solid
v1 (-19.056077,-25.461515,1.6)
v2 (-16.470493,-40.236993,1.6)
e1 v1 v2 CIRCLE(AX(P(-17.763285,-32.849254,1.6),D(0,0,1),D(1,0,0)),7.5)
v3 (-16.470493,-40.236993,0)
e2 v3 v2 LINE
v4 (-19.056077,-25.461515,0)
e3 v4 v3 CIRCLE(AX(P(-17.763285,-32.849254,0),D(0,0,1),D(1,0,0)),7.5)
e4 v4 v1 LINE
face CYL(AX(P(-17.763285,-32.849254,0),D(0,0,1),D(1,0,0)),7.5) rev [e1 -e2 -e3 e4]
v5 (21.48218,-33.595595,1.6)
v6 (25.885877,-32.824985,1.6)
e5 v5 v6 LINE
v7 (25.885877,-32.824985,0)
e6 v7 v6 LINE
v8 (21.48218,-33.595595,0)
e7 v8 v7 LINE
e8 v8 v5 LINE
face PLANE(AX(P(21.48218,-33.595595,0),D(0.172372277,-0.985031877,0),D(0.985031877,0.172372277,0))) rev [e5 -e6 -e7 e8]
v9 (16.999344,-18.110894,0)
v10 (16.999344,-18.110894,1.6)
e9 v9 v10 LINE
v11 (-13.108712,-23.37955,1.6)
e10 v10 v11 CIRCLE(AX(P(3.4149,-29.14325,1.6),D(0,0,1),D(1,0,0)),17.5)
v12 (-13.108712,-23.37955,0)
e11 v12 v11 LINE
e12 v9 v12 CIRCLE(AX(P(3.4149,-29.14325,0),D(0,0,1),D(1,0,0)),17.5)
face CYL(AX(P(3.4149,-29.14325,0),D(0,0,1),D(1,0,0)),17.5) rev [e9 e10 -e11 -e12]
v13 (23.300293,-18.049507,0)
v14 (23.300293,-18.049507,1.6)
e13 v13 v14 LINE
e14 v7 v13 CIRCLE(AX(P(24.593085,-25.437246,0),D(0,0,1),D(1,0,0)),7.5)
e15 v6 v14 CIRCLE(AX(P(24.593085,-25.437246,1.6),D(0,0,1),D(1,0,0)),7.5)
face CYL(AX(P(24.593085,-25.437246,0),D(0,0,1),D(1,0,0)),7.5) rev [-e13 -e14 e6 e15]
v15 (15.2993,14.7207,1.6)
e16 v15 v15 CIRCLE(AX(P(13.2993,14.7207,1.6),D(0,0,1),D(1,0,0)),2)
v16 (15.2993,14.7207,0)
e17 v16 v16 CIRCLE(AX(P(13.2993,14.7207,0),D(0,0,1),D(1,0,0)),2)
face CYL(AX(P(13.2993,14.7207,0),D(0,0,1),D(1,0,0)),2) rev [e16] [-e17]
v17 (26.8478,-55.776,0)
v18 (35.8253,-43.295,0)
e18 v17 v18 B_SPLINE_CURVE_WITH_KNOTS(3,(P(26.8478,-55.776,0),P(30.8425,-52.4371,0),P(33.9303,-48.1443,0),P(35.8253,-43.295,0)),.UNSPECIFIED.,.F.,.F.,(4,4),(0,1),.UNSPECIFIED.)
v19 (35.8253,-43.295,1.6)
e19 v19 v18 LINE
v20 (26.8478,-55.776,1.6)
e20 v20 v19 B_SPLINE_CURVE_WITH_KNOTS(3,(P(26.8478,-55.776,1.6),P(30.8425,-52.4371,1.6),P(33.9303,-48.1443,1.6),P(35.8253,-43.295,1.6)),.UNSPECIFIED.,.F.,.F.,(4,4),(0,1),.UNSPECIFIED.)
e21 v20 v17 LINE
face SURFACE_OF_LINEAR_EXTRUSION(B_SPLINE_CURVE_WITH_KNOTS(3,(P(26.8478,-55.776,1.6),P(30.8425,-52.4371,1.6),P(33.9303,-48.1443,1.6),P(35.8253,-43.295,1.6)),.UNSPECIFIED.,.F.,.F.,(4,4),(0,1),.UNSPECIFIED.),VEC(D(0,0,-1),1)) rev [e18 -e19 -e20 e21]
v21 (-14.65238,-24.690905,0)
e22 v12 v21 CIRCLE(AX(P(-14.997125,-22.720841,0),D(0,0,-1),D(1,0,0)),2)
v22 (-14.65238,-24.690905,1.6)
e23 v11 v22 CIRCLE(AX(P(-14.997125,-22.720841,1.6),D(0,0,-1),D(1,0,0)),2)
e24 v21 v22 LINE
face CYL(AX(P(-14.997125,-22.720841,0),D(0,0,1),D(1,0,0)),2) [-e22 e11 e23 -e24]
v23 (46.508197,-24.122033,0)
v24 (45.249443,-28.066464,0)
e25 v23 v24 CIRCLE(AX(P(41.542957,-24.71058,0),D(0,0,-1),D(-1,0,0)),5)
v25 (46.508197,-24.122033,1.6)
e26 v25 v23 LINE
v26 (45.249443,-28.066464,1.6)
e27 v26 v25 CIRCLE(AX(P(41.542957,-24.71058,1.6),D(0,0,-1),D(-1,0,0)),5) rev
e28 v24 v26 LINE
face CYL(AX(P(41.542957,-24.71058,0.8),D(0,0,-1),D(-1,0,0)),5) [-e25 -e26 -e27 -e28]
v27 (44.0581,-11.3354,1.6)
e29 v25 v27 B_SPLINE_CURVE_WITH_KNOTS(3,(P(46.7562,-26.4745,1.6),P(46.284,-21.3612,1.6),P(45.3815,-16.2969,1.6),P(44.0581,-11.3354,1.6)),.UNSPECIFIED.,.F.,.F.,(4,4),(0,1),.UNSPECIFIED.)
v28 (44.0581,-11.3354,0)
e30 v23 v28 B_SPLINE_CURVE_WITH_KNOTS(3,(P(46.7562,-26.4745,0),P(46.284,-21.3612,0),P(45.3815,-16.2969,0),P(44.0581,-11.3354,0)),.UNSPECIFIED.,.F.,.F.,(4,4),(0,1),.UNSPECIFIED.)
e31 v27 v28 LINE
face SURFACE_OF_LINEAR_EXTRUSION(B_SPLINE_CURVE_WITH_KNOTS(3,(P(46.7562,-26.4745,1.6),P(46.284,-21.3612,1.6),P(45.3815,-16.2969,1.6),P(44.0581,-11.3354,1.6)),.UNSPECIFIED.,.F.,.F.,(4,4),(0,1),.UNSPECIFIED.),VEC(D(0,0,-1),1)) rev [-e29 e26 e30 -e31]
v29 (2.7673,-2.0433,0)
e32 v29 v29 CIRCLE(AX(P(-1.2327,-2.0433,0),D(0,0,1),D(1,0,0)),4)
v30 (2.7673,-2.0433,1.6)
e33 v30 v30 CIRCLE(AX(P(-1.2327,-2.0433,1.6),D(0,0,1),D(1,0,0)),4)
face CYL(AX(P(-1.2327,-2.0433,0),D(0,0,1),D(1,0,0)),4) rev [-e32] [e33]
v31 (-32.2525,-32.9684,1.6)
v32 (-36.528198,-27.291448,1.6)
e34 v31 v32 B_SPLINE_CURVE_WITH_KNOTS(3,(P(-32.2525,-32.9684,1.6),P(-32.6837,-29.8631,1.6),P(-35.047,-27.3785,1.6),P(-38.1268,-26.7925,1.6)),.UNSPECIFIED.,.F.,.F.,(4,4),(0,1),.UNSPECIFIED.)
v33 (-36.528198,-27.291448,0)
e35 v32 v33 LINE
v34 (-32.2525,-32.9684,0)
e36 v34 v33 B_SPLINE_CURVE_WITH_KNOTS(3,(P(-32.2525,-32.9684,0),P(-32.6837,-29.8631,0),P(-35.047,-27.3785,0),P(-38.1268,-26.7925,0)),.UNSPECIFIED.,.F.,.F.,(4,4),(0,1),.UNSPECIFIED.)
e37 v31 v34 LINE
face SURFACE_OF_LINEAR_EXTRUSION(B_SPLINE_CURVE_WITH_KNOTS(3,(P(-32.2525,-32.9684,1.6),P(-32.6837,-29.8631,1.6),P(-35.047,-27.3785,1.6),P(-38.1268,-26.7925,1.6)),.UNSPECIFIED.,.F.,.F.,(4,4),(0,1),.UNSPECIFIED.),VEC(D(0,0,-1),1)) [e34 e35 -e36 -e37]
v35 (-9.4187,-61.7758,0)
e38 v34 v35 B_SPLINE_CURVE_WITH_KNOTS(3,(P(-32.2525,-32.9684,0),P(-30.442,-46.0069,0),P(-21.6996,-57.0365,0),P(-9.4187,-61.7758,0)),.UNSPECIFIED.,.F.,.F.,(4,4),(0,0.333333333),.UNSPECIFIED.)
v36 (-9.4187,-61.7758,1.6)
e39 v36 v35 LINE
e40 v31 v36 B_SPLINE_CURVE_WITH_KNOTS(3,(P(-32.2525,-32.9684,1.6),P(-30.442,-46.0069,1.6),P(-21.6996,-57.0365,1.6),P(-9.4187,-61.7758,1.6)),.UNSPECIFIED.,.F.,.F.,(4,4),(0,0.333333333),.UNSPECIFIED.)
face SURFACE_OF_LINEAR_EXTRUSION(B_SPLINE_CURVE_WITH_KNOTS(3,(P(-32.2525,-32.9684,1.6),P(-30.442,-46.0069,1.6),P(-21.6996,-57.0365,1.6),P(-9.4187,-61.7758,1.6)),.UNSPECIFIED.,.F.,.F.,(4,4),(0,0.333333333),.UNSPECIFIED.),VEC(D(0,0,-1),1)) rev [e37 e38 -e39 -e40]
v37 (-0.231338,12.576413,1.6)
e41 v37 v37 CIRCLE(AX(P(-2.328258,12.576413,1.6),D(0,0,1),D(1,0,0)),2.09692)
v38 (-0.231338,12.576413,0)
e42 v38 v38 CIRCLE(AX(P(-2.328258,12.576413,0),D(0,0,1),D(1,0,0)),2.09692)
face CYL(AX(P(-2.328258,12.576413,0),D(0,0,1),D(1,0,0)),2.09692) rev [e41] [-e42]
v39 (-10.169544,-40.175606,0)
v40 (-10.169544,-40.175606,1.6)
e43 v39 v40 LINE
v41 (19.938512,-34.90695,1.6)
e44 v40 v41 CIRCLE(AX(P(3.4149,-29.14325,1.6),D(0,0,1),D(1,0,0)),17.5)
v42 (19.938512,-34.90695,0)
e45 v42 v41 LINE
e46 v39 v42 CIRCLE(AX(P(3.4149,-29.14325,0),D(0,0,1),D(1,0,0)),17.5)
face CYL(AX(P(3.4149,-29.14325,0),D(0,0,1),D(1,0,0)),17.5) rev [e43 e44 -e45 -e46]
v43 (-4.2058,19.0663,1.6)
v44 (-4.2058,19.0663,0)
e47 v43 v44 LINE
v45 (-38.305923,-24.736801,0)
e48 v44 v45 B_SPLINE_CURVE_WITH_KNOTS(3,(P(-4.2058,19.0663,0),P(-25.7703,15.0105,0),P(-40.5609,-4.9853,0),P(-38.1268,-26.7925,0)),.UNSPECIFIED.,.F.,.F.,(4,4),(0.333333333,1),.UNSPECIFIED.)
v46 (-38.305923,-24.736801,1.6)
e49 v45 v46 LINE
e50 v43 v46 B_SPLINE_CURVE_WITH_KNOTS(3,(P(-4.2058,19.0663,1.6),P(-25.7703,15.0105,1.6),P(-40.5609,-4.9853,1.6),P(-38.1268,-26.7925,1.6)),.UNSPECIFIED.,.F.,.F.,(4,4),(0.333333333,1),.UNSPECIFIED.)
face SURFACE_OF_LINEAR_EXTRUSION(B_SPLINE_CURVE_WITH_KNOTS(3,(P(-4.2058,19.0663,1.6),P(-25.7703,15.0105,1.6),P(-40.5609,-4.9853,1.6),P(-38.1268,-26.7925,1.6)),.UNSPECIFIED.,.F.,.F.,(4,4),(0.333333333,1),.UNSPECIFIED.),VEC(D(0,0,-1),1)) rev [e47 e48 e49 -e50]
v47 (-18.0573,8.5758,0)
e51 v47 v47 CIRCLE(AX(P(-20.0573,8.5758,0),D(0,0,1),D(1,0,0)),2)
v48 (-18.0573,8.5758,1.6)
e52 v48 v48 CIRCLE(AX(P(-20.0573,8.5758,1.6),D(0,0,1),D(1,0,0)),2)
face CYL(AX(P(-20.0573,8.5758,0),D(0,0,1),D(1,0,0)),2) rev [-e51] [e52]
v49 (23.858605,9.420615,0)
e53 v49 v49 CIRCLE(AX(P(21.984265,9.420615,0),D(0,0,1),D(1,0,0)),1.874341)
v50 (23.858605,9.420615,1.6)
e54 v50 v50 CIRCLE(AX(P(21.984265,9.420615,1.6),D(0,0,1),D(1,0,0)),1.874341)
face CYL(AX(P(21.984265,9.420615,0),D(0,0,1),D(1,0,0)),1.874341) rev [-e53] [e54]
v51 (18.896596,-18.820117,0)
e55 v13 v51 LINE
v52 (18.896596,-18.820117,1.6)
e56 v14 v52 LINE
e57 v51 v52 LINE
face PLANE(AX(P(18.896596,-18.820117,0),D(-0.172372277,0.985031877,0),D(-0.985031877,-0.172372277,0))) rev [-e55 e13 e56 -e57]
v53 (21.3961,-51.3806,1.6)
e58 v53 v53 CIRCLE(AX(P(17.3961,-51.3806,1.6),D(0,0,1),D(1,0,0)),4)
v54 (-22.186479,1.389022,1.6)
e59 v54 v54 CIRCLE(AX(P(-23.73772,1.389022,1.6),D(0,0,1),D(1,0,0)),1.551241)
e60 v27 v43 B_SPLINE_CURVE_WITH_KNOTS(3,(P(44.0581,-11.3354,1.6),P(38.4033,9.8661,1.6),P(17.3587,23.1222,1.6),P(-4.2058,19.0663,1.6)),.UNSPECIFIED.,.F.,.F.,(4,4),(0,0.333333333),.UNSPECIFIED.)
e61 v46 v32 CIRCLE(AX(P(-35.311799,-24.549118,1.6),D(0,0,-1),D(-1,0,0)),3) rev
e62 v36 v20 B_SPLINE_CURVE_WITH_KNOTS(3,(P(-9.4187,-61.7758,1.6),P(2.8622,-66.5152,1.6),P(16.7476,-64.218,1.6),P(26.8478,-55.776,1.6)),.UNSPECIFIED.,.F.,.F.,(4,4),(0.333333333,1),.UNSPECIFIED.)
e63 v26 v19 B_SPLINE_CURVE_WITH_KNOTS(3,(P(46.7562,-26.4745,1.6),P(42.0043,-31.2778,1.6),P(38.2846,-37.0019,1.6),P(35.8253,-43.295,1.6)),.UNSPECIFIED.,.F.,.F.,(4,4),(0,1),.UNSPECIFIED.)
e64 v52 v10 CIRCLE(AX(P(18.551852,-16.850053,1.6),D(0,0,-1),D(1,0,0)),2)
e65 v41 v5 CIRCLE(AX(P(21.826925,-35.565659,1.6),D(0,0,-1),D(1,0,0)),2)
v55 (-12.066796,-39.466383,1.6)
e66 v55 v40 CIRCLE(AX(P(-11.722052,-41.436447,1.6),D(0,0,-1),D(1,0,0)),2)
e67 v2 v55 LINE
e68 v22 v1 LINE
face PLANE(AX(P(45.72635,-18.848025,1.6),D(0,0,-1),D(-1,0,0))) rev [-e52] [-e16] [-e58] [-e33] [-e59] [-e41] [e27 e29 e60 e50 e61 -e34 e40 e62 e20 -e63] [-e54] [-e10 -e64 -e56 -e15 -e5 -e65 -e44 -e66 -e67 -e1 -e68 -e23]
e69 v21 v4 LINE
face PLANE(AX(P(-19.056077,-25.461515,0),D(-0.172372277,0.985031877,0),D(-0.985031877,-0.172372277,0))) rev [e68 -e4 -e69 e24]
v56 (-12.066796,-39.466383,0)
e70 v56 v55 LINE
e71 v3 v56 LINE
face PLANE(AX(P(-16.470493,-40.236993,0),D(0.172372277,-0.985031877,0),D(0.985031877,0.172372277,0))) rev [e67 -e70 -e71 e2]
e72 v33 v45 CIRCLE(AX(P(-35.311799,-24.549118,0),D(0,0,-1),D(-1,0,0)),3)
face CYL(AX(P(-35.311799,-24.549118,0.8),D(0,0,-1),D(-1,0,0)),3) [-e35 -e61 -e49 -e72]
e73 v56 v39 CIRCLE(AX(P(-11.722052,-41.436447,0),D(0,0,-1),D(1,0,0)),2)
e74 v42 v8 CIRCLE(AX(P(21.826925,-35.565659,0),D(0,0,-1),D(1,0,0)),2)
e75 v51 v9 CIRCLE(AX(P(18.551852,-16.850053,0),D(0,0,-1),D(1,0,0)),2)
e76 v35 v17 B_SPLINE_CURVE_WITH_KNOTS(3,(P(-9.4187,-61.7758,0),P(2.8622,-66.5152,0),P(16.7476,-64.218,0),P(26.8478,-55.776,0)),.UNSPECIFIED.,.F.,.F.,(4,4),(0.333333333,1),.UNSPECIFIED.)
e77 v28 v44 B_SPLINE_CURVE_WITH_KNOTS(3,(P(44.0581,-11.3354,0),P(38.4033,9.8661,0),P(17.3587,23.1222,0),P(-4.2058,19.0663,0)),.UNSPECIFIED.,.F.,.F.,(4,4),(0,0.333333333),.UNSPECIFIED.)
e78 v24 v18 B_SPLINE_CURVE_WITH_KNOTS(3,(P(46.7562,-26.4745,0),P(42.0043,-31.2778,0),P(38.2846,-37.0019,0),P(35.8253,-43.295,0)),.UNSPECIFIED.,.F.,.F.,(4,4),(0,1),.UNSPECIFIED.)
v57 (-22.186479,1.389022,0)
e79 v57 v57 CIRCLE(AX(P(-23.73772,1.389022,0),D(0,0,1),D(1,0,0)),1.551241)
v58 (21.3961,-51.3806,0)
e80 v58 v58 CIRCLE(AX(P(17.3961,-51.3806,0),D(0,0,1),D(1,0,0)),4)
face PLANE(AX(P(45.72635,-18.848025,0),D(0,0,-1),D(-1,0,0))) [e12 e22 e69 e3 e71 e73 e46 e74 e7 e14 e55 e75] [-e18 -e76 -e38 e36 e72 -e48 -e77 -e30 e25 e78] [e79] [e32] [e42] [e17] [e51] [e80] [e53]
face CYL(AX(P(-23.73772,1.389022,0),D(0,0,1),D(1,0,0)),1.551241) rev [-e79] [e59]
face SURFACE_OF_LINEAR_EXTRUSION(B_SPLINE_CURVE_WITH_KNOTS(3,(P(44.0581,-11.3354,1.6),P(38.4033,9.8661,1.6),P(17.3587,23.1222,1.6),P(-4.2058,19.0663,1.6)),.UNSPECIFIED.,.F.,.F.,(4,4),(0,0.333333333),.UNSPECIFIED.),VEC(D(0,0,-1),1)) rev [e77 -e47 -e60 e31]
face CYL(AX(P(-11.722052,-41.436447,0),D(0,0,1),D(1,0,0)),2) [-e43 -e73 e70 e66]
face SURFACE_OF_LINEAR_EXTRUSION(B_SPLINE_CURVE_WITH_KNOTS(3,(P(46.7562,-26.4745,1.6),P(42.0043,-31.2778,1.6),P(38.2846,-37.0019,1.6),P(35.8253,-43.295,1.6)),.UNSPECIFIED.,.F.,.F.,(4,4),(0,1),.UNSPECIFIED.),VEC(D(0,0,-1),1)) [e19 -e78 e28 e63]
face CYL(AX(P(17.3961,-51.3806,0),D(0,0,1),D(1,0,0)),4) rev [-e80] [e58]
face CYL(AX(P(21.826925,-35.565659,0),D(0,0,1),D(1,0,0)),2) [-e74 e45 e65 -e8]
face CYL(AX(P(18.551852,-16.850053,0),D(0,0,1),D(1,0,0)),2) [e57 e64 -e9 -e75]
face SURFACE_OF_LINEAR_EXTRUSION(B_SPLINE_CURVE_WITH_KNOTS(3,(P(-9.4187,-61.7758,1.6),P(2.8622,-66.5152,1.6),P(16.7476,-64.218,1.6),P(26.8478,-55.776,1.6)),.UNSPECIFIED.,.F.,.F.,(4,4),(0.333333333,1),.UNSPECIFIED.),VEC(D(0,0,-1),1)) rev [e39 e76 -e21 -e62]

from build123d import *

# Parameters (mm, degrees)
BOSS_EXTRUDE1_DEPTH = 1.6
SKETCH2_R           = 4
SKETCH2_R_2         = 2
SKETCH2_R_3         = 1.551240763
SKETCH2_R_4         = 2.096920304
SKETCH2_R_5         = 1.874340877
CUT_EXTRUDE1_DEPTH  = 1.6
FILLET1_R           = 3
FILLET2_R           = 5


with BuildPart() as part:
    # Model → Boss-Extrude1 (new body)
    with BuildSketch(Plane.XY):
        with BuildLine():
            add(Edge.make_bspline(
                [(44.0581, -11.3354), (38.4033, 9.8661), (17.3587, 23.1222), (-4.2058, 19.0663)],
                knots=[0, 0, 0, 0, 0.333333333, 0.333333333, 0.333333333, 0.333333333], degree=3))
            add(Edge.make_bspline(
                [(-4.2058, 19.0663), (-25.7703, 15.0105), (-40.5609, -4.9853), (-38.1268, -26.7925)],
                knots=[0.333333333, 0.333333333, 0.333333333, 0.333333333, 1, 1, 1, 1], degree=3))
            add(Edge.make_bspline(
                [(-32.2525, -32.9684), (-32.6837, -29.8631), (-35.047, -27.3785), (-38.1268, -26.7925)],
                knots=[0, 0, 0, 0, 1, 1, 1, 1], degree=3))
            add(Edge.make_bspline(
                [(-32.2525, -32.9684), (-30.442, -46.0069), (-21.6996, -57.0365), (-9.4187, -61.7758)],
                knots=[0, 0, 0, 0, 0.333333333, 0.333333333, 0.333333333, 0.333333333], degree=3))
            add(Edge.make_bspline(
                [(-9.4187, -61.7758), (2.8622, -66.5152), (16.7476, -64.218), (26.8478, -55.776)],
                knots=[0.333333333, 0.333333333, 0.333333333, 0.333333333, 1, 1, 1, 1], degree=3))
            add(Edge.make_bspline(
                [(26.8478, -55.776), (30.8425, -52.4371), (33.9303, -48.1443), (35.8253, -43.295)],
                knots=[0, 0, 0, 0, 1, 1, 1, 1], degree=3))
            add(Edge.make_bspline(
                [(46.7562, -26.4745), (42.0043, -31.2778), (38.2846, -37.0019), (35.8253, -43.295)],
                knots=[0, 0, 0, 0, 1, 1, 1, 1], degree=3))
            add(Edge.make_bspline(
                [(46.7562, -26.4745), (46.284, -21.3612), (45.3815, -16.2969), (44.0581, -11.3354)],
                knots=[0, 0, 0, 0, 1, 1, 1, 1], degree=3))
        make_face()
    extrude(amount=BOSS_EXTRUDE1_DEPTH)

    # Sketch2 → Cut-Extrude1 (cut)
    with BuildSketch(Plane.XY.offset(1.6)):
        with Locations((17.3961, -51.3806)):
            Circle(SKETCH2_R)
        with Locations((-1.2327, -2.0433)):
            Circle(SKETCH2_R)
        with Locations((-20.0573, 8.5758)):
            Circle(SKETCH2_R_2)
        with Locations((13.2993, 14.7207)):
            Circle(SKETCH2_R_2)
        with Locations((-23.737719808, 1.389021653)):
            Circle(SKETCH2_R_3)
        with Locations((-2.328258131, 12.576412767)):
            Circle(SKETCH2_R_4)
        with Locations((21.984264555, 9.420615455)):
            Circle(SKETCH2_R_5)
        with BuildLine():
            Line((-19.056077425, -25.461514873), (-14.652380487, -24.690905022))
            ThreePointArc((-14.652380487, -24.690905022), (-13.702265565, -24.245091556), (-13.108712216, -23.379549857))
            ThreePointArc((-13.108712216, -23.379549857), (0.398385158, -11.905192157), (16.999343908, -18.110893783))
            ThreePointArc((16.999343908, -18.110893783), (17.85155014, -18.723439741), (18.896596337, -18.820116826))
            Line((18.896596337, -18.820116826), (23.300293275, -18.049506976))
            ThreePointArc((23.300293275, -18.049506976), (31.980824426, -24.144453977), (25.885877425, -32.824985127))
            Line((25.885877425, -32.824985127), (21.482180487, -33.595594978))
            ThreePointArc((21.482180487, -33.595594978), (20.532065565, -34.041408444), (19.938512216, -34.906950143))
            ThreePointArc((19.938512216, -34.906950143), (6.431414842, -46.381307843), (-10.169543908, -40.175606217))
            ThreePointArc((-10.169543908, -40.175606217), (-11.02175014, -39.563060259), (-12.066796337, -39.466383174))
            Line((-12.066796337, -39.466383174), (-16.470493275, -40.236993024))
            ThreePointArc((-16.470493275, -40.236993024), (-25.151024426, -34.142046023), (-19.056077425, -25.461514873))
        make_face()
    extrude(amount=-CUT_EXTRUDE1_DEPTH, mode=Mode.SUBTRACT)

    # Fillet1
    fillet1_edges = [part.edges().sort_by_distance(p)[0] for p in [
        (-38.1268, -26.7925, 0.8),
    ]]
    fillet(fillet1_edges, radius=FILLET1_R)

    # Fillet2
    fillet2_edges = [part.edges().sort_by_distance(p)[0] for p in [
        (46.7562, -26.4745, 0.8),
    ]]
    fillet(fillet2_edges, radius=FILLET2_R)


solid = part.part
